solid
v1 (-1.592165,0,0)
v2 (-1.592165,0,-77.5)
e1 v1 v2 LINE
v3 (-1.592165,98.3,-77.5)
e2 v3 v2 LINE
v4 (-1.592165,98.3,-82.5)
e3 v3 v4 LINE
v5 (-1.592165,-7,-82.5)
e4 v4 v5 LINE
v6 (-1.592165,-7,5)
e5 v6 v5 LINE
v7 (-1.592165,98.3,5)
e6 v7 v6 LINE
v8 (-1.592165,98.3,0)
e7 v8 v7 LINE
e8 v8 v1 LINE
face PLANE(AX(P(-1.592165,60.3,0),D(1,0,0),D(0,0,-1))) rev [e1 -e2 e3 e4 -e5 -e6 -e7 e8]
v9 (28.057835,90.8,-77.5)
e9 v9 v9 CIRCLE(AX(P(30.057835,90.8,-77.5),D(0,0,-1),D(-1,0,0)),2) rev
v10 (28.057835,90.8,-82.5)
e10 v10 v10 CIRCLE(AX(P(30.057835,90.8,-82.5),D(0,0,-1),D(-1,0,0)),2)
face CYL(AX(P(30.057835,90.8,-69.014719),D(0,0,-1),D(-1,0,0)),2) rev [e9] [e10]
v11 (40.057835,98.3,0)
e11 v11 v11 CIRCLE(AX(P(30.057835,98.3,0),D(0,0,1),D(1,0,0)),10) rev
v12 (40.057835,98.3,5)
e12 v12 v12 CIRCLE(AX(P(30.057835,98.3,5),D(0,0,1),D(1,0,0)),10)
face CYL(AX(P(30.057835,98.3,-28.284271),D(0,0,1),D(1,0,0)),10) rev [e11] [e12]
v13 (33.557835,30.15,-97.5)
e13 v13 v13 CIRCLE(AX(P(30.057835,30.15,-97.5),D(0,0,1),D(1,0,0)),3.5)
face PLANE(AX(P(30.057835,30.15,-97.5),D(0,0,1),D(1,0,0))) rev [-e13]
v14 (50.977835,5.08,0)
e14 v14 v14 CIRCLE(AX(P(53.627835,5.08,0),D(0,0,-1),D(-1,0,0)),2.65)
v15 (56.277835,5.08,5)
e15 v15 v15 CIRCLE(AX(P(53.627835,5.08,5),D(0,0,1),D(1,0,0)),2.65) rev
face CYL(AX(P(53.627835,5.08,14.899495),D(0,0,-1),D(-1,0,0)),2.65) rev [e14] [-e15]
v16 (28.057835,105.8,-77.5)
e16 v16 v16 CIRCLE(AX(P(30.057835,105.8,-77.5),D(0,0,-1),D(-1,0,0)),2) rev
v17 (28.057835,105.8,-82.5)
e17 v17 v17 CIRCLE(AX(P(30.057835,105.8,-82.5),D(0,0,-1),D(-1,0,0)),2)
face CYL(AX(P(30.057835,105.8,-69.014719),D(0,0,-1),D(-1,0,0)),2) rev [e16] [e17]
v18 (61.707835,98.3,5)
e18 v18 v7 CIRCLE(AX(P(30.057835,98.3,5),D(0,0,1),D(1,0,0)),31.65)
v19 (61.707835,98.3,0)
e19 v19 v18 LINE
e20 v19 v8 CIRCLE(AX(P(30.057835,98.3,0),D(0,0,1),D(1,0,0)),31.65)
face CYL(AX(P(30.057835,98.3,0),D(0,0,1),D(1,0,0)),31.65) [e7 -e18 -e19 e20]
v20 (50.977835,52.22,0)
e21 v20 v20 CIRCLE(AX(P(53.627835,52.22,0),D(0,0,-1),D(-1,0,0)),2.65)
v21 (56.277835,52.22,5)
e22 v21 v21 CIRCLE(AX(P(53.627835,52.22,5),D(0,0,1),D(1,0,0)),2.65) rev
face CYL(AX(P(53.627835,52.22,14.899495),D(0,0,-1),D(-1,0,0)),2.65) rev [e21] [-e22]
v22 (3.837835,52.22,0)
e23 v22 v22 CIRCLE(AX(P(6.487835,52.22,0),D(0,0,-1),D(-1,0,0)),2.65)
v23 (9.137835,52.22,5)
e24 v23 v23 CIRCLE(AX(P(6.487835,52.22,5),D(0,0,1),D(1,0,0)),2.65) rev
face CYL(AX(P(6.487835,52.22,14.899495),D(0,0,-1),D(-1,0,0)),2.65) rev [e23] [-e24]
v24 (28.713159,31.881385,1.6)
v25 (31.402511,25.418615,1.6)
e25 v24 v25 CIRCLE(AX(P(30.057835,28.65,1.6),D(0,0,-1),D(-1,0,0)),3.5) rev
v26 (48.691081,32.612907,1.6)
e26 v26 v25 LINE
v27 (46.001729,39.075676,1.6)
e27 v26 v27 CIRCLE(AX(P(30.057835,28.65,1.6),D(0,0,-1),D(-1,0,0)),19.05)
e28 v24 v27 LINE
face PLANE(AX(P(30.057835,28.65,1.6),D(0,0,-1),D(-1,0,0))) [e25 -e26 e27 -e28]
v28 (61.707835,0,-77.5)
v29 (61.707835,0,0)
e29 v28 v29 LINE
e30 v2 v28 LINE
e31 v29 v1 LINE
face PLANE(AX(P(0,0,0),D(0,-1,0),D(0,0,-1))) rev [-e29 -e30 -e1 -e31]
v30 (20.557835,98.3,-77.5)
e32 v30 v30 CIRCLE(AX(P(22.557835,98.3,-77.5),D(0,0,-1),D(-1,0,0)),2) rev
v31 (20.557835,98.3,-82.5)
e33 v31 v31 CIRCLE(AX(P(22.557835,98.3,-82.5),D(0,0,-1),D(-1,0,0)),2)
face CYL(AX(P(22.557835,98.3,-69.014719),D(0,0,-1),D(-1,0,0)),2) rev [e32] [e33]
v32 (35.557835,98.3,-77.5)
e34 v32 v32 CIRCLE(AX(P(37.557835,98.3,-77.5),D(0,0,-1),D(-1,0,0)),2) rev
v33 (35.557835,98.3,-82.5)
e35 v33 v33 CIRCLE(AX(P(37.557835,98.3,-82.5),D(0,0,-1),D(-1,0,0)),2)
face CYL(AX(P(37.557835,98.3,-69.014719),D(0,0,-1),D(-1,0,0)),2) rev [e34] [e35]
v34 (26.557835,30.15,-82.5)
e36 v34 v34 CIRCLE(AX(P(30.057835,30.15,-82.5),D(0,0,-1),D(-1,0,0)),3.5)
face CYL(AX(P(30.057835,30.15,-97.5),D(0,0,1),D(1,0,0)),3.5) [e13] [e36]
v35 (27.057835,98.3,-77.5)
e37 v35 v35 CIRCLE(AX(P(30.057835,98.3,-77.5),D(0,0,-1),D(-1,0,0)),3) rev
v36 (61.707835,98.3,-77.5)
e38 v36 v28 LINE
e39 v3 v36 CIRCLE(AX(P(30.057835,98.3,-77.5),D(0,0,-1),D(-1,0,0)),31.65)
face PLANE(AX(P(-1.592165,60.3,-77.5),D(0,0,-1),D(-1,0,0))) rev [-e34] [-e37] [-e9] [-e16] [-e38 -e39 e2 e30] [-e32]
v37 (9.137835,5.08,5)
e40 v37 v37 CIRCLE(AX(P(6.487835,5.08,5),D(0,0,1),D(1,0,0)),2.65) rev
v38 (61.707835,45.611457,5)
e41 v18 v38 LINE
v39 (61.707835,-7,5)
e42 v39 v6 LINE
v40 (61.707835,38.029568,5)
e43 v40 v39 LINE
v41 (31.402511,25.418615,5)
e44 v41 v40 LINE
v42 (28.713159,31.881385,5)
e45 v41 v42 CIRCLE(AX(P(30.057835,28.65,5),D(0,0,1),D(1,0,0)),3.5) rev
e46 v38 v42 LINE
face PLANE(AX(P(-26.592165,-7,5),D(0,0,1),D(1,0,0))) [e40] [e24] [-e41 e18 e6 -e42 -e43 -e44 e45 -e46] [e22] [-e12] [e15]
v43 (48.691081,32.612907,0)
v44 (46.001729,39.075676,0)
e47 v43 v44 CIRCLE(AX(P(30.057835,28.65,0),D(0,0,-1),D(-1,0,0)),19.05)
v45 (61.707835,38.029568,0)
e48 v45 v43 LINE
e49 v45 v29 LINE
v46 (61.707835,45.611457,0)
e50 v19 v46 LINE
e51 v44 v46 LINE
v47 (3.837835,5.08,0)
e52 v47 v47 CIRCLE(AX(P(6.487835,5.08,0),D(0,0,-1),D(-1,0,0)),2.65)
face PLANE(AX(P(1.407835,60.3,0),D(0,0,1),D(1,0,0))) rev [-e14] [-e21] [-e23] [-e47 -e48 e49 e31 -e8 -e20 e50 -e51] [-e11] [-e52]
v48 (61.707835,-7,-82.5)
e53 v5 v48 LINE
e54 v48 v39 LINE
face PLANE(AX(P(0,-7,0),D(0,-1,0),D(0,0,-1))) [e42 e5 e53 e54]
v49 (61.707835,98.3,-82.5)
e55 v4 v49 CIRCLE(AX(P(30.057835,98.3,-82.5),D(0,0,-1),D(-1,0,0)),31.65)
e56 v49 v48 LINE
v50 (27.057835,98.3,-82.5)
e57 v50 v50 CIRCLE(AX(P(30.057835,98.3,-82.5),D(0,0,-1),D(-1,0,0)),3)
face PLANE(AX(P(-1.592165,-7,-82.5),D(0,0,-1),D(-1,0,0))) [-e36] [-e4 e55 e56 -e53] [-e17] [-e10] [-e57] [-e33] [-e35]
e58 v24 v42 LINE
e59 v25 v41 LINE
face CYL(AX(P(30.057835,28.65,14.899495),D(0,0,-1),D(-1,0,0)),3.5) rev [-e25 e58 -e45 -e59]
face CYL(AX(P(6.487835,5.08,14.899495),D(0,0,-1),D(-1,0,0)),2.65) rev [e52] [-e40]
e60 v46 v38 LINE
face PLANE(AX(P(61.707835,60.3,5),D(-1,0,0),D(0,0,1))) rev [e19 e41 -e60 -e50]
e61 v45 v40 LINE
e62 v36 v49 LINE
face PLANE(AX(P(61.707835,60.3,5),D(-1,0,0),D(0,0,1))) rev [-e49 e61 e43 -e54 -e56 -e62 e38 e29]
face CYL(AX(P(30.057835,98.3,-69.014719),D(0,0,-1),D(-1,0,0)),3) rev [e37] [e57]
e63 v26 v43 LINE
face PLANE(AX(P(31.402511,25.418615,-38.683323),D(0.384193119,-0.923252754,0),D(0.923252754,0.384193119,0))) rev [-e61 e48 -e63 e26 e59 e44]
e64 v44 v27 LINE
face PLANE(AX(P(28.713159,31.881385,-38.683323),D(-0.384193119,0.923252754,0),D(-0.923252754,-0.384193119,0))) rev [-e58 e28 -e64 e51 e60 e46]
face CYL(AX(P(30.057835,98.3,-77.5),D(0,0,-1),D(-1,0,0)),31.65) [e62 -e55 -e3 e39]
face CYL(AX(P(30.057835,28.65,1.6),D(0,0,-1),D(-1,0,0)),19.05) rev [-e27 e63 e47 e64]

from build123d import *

# Parameters (mm, degrees)
BOSS_EXTRUDE1_DEPTH  = 7
BOSS_EXTRUDE2_DEPTH  = 60.3
SKETCH1_5_W          = 63.3
SKETCH1_5_H          = 5
BOSS_EXTRUDE3_DEPTH  = 60.3
SKETCH2_R            = 2.65
SKETCH2_R_2          = 3.5
CUT_EXTRUDE1_DEPTH   = 5
SKETCH2_3_R          = 19.05
CUT_EXTRUDE2_DEPTH   = 1.6
CUT_EXTRUDE3_DEPTH   = 5
BOSS_EXTRUDE6_DEPTH  = 5
BOSS_EXTRUDE10_DEPTH = 5
SKETCH15_R           = 3
SKETCH15_R_2         = 2
CUT_EXTRUDE7_DEPTH   = 5
SKETCH16_R           = 10
CUT_EXTRUDE8_DEPTH   = 5
SKETCH27_W           = 25
SKETCH27_H           = 87.5
CUT_EXTRUDE10_DEPTH  = 7
SKETCH33_R           = 3.5
BOSS_EXTRUDE18_DEPTH = 20


with BuildPart() as part:
    # Sketch1 → Boss-Extrude1 (new body)
    with BuildSketch(Plane(origin=(0, 0, 0), x_dir=(1, 0, 0), z_dir=(0, 1, 0))):
        Polygon((-1.592164976, 82.5), (61.707835024, 82.5), (86.707835024, 82.5), (86.707835024, -5), (61.707835024, -5), (-1.592164976, -5), (-26.592164976, -5), (-26.592164976, 82.5), align=None)
    extrude(amount=-BOSS_EXTRUDE1_DEPTH)

    # Sketch1<3> → Boss-Extrude2 (add)
    with BuildSketch(Plane(origin=(0, 0, 0), x_dir=(1, 0, 0), z_dir=(0, 1, 0))):
        Polygon((1.407835024, 0), (58.707835024, 0), (61.707835024, 0), (61.707835024, -5), (-1.592164976, -5), (-1.592164976, 0), align=None)
    extrude(amount=BOSS_EXTRUDE2_DEPTH)

    # Sketch1<5> → Boss-Extrude3 (add)
    with BuildSketch(Plane(origin=(0, 0, 0), x_dir=(1, 0, 0), z_dir=(0, 1, 0))):
        with Locations((30.057835024, 80)):
            Rectangle(SKETCH1_5_W, SKETCH1_5_H)
    extrude(amount=BOSS_EXTRUDE3_DEPTH)

    # Sketch2 → Cut-Extrude1 (cut)
    with BuildSketch(Plane(origin=(0, 0, 0), x_dir=(-1, 0, 0), z_dir=(0, 0, -1))):
        with Locations((-6.487835024, 52.22)):
            Circle(SKETCH2_R)
        with Locations((-53.627835024, 52.22)):
            Circle(SKETCH2_R)
        with Locations((-53.627835024, 5.08)):
            Circle(SKETCH2_R)
        with Locations((-6.487835024, 5.08)):
            Circle(SKETCH2_R)
        with Locations((-30.057835024, 28.65)):
            Circle(SKETCH2_R_2)
    extrude(amount=-CUT_EXTRUDE1_DEPTH, mode=Mode.SUBTRACT)

    # Sketch2<3> → Cut-Extrude2 (cut)
    with BuildSketch(Plane(origin=(0, 0, 0), x_dir=(-1, 0, 0), z_dir=(0, 0, -1))):
        with Locations((-30.057835024, 28.65)):
            Circle(SKETCH2_3_R)
    extrude(amount=-CUT_EXTRUDE2_DEPTH, mode=Mode.SUBTRACT)

    # Sketch4 → Cut-Extrude3 (cut)
    with BuildSketch(Plane.XY.offset(5)):
        Polygon((28.713159107, 31.881384638), (61.707835024, 45.611457374), (61.707835024, 38.029568262), (31.402510942, 25.418615362), align=None)
    extrude(amount=-CUT_EXTRUDE3_DEPTH, mode=Mode.SUBTRACT)

    # Sketch7 → Boss-Extrude6 (add)
    with BuildSketch(Plane(origin=(0, 0, -82.5), x_dir=(-1, 0, 0), z_dir=(0, 0, -1))):
        with BuildLine():
            Line((-61.707835024, 60.3), (-61.707835024, 98.3))
            ThreePointArc((-61.707835024, 98.3), (-30.057835024, 129.95), (1.592164976, 98.3))
            Line((1.592164976, 98.3), (1.592164976, 60.3))
            Line((1.592164976, 60.3), (-61.707835024, 60.3))
        make_face()
    extrude(amount=-BOSS_EXTRUDE6_DEPTH)

    # Sketch8 → Boss-Extrude10 (add)
    with BuildSketch(Plane.XY.offset(5)):
        with BuildLine():
            Line((-1.592164976, 60.3), (-1.592164976, 98.3))
            ThreePointArc((-1.592164976, 98.3), (30.057835024, 129.95), (61.707835024, 98.3))
            Line((61.707835024, 98.3), (61.707835024, 60.3))
            Line((61.707835024, 60.3), (-1.592164976, 60.3))
        make_face()
    extrude(amount=-BOSS_EXTRUDE10_DEPTH)

    # Sketch15 → Cut-Extrude7 (cut)
    with BuildSketch(Plane(origin=(0, 0, -82.5), x_dir=(-1, 0, 0), z_dir=(0, 0, -1))):
        with Locations((-30.057835024, 98.3)):
            Circle(SKETCH15_R)
        with Locations((-30.057835024, 105.8)):
            Circle(SKETCH15_R_2)
        with Locations((-22.557835024, 98.3)):
            Circle(SKETCH15_R_2)
        with Locations((-30.057835024, 90.8)):
            Circle(SKETCH15_R_2)
        with Locations((-37.557835024, 98.3)):
            Circle(SKETCH15_R_2)
    extrude(amount=-CUT_EXTRUDE7_DEPTH, mode=Mode.SUBTRACT)

    # Sketch16 → Cut-Extrude8 (cut)
    with BuildSketch(Plane.XY.offset(5)):
        with Locations((30.057835024, 98.3)):
            Circle(SKETCH16_R)
    extrude(amount=-CUT_EXTRUDE8_DEPTH, mode=Mode.SUBTRACT)

    # Sketch27 → Cut-Extrude10 (cut)
    with BuildSketch(Plane(origin=(0, 0, 0), x_dir=(1, 0, 0), z_dir=(0, 1, 0))):
        with Locations((74.207835024, 38.75)):
            Rectangle(SKETCH27_W, SKETCH27_H)
        with Locations((-14.092164976, 38.75)):
            Rectangle(SKETCH27_W, SKETCH27_H)
    extrude(amount=-CUT_EXTRUDE10_DEPTH, mode=Mode.SUBTRACT)

    # Sketch33 → Boss-Extrude18 (add)
    with BuildSketch(Plane.XY.offset(-77.5)):
        with Locations((30.057835024, 30.15)):
            Circle(SKETCH33_R)
    extrude(amount=-BOSS_EXTRUDE18_DEPTH)


solid = part.part
